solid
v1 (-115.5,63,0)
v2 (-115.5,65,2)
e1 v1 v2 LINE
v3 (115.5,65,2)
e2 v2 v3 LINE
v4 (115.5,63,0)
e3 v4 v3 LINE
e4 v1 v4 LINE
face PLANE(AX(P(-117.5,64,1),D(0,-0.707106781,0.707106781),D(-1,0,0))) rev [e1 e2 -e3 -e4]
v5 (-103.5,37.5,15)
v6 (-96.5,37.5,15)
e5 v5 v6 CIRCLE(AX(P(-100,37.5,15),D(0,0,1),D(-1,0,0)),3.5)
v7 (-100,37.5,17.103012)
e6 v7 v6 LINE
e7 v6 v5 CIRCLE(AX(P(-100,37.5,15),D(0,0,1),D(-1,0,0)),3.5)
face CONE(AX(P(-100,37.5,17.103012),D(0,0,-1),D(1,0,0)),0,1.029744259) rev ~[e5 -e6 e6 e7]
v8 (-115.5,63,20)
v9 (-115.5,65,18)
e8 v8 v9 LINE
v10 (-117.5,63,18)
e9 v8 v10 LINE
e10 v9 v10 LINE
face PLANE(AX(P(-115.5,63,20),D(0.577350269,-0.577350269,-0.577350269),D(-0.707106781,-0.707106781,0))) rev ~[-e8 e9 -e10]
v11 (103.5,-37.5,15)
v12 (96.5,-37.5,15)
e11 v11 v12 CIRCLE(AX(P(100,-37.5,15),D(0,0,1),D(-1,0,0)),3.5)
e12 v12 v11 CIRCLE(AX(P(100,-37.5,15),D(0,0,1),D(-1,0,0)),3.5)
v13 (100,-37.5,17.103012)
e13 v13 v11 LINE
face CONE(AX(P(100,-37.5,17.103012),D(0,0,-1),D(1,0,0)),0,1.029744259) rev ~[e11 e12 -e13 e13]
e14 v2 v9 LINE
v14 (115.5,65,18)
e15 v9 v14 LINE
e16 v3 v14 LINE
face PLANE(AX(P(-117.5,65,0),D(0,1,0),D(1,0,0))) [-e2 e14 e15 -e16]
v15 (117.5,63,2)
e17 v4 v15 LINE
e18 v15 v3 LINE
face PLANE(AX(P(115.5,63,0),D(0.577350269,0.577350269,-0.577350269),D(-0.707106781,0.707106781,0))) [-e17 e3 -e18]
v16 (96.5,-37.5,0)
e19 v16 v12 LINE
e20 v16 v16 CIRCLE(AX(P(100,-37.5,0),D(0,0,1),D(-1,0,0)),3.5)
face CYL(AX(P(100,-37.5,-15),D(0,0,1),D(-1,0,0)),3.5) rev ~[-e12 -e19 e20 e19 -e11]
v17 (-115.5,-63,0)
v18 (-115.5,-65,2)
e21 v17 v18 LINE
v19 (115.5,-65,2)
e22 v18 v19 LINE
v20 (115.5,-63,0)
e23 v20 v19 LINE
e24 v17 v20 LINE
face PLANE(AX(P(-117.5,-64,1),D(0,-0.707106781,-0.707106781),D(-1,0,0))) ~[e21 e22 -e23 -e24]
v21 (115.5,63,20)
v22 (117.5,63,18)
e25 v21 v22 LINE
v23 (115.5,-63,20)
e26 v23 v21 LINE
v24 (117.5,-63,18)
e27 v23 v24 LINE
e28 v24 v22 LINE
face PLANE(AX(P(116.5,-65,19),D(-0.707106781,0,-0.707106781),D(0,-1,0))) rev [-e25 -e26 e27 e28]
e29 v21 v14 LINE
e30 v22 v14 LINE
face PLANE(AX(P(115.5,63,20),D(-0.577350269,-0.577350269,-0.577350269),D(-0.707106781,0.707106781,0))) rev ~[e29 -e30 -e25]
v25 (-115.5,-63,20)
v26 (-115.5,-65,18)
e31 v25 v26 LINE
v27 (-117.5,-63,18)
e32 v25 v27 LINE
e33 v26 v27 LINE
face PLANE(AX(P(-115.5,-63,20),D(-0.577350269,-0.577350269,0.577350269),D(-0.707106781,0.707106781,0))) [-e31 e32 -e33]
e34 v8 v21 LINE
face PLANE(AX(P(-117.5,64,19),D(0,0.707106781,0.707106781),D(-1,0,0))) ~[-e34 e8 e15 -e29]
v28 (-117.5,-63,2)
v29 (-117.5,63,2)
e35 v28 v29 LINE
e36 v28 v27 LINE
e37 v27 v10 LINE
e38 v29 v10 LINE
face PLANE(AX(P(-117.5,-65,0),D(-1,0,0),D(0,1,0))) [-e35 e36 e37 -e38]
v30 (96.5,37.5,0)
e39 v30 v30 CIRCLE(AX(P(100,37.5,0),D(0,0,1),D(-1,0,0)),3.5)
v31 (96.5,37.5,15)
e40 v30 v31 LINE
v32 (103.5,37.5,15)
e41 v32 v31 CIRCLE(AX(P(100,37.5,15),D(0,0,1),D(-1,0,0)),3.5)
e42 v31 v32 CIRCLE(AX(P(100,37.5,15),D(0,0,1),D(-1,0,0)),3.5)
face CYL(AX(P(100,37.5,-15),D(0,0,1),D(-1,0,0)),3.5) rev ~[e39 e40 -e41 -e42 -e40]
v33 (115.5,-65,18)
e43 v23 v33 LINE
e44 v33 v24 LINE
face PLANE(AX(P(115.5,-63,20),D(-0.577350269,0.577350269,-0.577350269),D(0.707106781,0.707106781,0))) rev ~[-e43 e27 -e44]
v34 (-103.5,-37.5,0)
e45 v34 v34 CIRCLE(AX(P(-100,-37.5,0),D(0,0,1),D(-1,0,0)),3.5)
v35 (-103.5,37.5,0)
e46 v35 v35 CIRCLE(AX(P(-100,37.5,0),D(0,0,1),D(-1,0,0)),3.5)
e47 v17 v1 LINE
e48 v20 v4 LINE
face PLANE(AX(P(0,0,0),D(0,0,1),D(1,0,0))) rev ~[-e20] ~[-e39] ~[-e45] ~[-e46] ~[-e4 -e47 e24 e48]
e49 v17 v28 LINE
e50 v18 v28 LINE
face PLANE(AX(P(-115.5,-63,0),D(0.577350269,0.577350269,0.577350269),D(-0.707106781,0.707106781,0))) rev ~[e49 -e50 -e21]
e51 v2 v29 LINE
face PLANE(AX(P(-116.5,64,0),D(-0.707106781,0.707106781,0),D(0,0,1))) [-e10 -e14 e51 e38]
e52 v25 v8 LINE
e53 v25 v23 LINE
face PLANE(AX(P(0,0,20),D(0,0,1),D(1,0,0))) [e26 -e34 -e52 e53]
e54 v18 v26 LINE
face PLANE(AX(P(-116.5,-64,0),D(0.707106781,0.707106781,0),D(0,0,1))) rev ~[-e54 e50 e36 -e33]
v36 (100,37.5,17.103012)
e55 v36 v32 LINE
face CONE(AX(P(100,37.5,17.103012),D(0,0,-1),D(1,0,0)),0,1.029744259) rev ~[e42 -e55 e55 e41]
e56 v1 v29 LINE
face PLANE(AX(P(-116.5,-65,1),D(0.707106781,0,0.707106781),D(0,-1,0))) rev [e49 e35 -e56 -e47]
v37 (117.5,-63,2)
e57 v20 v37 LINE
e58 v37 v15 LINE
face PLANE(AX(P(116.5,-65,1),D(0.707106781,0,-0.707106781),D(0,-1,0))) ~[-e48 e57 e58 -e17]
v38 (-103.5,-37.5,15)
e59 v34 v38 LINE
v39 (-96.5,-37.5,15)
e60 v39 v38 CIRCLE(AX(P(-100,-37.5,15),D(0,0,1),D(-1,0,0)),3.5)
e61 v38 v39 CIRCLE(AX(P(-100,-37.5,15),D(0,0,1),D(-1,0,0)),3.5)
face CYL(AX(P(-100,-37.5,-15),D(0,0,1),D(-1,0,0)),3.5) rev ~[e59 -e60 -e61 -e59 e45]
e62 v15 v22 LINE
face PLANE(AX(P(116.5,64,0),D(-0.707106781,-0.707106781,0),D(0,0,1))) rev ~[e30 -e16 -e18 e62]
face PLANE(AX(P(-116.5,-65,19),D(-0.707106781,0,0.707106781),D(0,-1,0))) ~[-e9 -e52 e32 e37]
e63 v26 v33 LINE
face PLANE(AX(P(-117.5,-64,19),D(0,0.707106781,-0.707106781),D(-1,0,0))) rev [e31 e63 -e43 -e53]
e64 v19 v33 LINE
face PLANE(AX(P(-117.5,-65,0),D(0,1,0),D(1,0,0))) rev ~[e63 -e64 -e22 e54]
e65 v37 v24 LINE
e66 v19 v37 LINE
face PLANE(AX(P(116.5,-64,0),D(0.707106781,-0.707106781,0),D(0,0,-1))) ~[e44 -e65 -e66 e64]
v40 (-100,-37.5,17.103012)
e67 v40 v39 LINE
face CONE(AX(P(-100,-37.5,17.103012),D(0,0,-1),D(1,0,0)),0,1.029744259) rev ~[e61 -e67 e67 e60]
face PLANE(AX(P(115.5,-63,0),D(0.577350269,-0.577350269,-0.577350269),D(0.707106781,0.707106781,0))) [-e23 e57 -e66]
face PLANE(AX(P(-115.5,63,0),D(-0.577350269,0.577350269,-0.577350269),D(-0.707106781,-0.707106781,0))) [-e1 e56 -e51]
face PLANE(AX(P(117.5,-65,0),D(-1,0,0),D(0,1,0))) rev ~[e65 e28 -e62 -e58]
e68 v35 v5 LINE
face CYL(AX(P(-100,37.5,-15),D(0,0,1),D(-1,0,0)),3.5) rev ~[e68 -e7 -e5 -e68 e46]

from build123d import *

# Parameters (mm, degrees)
F0_W     = 235
F0_H     = 130
F1_DEPTH = 20
F2_SIZE  = 2
F4_D     = 7
F4_DEPTH = 15
F4_TIP   = 2.1030121666


with BuildPart() as f1:
    # F0 (on Top) → F1 (new body)
    with BuildSketch(Plane.XY):
        Rectangle(F0_W, F0_H)
    extrude(amount=F1_DEPTH)

    # F2
    f2_edges = [f1.edges().sort_by_distance(p)[0] for p in [
        (-117.5, -65, 10),
        (117.5, -65, 10),
        (0, -65, 0),
        (0, -65, 20),
        (117.5, 65, 10),
        (117.5, 0, 0),
        (117.5, 0, 20),
        (-117.5, 65, 10),
        (0, 65, 0),
        (0, 65, 20),
        (-117.5, 0, 0),
        (-117.5, 0, 20),
    ]]
    chamfer(f2_edges, length=F2_SIZE)

    # F4
    with Locations(Plane(origin=(0, 0, 0), x_dir=(1, 0, 0), z_dir=(0, 0, -1))):
        with Locations((-100, -37.5), (100, -37.5), (-100, 37.5), (100, 37.5)):
            Hole(F4_D / 2, depth=F4_DEPTH)
            with Locations((0, 0, -(F4_DEPTH + F4_TIP / 2))):  # 118° drill point
                Cone(0, F4_D / 2, F4_TIP, mode=Mode.SUBTRACT)


solid = f1.part
